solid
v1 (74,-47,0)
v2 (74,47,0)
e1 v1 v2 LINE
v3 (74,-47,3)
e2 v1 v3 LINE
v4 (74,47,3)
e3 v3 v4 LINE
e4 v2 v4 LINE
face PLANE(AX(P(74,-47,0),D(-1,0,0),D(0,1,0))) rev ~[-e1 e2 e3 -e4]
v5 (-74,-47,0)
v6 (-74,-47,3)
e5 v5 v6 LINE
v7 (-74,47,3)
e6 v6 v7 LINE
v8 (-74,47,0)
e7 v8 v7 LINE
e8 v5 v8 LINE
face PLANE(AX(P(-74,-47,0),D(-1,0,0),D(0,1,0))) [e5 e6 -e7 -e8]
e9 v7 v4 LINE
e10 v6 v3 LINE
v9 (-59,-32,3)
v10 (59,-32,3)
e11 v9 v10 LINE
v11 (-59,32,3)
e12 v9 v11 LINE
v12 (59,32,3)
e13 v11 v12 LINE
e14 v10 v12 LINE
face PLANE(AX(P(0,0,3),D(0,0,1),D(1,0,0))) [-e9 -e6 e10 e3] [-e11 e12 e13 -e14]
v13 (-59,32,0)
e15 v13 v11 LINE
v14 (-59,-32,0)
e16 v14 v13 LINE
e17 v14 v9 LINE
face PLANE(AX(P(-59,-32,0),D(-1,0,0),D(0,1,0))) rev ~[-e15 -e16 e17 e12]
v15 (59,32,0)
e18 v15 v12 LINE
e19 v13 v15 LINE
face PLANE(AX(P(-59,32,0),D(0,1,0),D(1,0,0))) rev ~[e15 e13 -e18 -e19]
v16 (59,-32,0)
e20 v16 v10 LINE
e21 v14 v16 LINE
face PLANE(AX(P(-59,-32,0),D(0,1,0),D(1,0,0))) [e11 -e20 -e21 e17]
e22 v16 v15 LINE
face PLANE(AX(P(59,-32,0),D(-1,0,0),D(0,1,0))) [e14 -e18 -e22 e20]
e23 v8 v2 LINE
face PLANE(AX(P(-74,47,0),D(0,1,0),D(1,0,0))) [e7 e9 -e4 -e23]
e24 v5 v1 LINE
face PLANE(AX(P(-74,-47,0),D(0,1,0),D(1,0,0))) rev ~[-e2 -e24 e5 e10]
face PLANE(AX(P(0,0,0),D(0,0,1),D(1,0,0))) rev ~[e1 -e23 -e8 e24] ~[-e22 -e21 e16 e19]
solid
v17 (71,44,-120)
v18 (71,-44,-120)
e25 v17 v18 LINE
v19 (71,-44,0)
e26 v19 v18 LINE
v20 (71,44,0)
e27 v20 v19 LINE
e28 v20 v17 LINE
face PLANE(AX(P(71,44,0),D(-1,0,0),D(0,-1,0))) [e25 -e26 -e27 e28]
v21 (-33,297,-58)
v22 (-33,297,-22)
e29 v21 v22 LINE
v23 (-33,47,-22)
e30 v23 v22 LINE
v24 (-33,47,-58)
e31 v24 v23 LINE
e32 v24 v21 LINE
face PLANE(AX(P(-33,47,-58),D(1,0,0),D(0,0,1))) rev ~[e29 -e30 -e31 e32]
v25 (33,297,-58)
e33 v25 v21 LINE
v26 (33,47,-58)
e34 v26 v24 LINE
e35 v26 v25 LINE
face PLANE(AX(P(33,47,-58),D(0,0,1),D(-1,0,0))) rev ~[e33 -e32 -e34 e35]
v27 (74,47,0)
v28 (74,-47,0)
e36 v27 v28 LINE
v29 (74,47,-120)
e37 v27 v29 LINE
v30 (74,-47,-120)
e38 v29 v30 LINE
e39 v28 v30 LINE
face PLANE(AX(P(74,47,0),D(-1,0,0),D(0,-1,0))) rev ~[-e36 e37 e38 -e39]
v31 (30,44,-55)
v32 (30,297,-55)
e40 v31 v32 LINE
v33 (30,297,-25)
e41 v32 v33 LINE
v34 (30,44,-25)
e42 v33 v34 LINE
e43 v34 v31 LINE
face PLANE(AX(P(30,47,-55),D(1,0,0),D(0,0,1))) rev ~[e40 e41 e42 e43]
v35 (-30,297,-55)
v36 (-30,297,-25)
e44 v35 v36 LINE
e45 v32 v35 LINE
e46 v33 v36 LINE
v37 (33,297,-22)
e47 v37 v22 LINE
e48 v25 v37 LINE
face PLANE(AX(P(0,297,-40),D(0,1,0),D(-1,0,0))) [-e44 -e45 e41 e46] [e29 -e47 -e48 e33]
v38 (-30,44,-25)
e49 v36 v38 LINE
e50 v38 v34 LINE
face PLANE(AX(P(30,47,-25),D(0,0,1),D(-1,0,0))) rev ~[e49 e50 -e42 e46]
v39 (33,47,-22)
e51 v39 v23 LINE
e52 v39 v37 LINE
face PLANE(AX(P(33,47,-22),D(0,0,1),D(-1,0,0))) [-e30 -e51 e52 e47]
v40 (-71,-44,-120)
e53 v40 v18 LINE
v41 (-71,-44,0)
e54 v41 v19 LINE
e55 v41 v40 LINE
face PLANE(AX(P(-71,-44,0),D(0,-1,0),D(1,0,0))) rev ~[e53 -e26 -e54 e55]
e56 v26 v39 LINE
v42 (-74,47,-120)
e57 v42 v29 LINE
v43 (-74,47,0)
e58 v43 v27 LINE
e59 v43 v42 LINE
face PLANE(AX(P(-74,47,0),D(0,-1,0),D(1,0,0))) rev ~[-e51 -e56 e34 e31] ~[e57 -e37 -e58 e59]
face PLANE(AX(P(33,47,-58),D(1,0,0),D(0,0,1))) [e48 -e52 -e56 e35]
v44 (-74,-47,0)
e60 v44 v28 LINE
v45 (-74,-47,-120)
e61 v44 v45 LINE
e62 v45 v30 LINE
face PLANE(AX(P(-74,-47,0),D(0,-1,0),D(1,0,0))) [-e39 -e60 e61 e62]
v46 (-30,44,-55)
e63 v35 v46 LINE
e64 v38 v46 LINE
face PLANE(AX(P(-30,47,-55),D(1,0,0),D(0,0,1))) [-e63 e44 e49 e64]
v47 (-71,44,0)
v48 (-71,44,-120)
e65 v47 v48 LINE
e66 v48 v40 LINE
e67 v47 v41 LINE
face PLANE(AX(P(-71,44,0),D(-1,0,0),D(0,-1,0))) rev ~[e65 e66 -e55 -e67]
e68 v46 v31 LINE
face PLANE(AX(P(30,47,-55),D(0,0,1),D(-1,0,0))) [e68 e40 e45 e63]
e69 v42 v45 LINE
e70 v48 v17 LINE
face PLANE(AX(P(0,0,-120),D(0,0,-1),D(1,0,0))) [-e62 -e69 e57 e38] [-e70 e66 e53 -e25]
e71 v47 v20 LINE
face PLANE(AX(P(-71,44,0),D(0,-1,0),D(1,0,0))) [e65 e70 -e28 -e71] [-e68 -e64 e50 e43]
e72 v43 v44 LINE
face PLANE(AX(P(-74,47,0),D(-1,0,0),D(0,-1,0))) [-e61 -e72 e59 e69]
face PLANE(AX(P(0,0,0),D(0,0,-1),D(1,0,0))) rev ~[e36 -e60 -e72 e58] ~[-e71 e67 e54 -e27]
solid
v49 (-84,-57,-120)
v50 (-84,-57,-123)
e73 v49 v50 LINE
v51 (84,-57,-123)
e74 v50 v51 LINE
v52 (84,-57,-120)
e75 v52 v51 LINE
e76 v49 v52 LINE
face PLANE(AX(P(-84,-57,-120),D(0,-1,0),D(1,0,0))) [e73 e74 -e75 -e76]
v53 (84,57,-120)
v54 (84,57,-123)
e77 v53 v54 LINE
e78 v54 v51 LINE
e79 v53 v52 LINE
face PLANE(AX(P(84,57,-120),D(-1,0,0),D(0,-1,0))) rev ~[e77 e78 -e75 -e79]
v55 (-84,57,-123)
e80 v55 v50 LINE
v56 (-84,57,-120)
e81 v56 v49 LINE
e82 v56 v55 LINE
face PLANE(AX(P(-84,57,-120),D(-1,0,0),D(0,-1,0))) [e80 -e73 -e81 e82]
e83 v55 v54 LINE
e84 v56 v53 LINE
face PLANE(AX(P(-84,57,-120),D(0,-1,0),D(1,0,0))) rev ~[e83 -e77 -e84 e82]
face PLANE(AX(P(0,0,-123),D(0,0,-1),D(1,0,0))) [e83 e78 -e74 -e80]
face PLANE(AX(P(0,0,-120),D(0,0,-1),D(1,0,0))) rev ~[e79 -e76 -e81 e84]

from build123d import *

# Parameters (mm, degrees)
F0_W     = 148
F0_H     = 94
F0_W_2   = 118
F0_H_2   = 64
F1_DEPTH = 3
F2_W     = 148
F2_H     = 94
F2_W_2   = 142
F2_H_2   = 88
F3_DEPTH = 120
F4_W     = 60
F4_H     = 30
F5_DEPTH = 4
F6_W     = 168
F6_H     = 114
F6_W_2   = 148
F6_H_2   = 94
F6_W_3   = 142
F6_H_3   = 88
F7_DEPTH = 3
F8_W     = 66
F8_H     = 36
F8_W_2   = 60
F8_H_2   = 30
F9_DEPTH = 250


with BuildPart() as f1:
    # F0 (on Top) → F1 (new body)
    with BuildSketch(Plane.XY):
        Rectangle(F0_W, F0_H)
        Rectangle(F0_W_2, F0_H_2, mode=Mode.SUBTRACT)
    extrude(amount=F1_DEPTH)


with BuildPart() as f3:
    # F2 (on face) → F3 (new body)
    with BuildSketch(Plane(origin=(0, 0, 0), x_dir=(1, 0, 0), z_dir=(0, 0, -1))):
        Rectangle(F2_W, F2_H)
        Rectangle(F2_W_2, F2_H_2, mode=Mode.SUBTRACT)
    extrude(amount=F3_DEPTH)

    # F4 (on face) → F5 (cut)
    with BuildSketch(Plane(origin=(0, 47, 0), x_dir=(-1, 0, 0), z_dir=(0, 1, 0))):
        with Locations((0, -40)):
            Rectangle(F4_W, F4_H)
    extrude(amount=-F5_DEPTH, mode=Mode.SUBTRACT)

    # F8 (on face) → F9 (join)
    with BuildSketch(Plane(origin=(0, 47, 0), x_dir=(-1, 0, 0), z_dir=(0, 1, 0))):
        with Locations((0, -40)):
            Rectangle(F8_W, F8_H)
        with Locations((0, -40)):
            Rectangle(F8_W_2, F8_H_2, mode=Mode.SUBTRACT)
    extrude(amount=F9_DEPTH)


with BuildPart() as f7:
    # F6 (on face) → F7 (new body)
    with BuildSketch(Plane(origin=(0, 0, -120), x_dir=(1, 0, 0), z_dir=(0, 0, -1))):
        Rectangle(F6_W, F6_H)
        Rectangle(F6_W_2, F6_H_2, mode=Mode.SUBTRACT)
        Rectangle(F6_W_2, F6_H_2)
        Rectangle(F6_W_3, F6_H_3, mode=Mode.SUBTRACT)
        Rectangle(F6_W_3, F6_H_3)
    extrude(amount=F7_DEPTH)


solid = Compound([f1.part, f3.part, f7.part])
